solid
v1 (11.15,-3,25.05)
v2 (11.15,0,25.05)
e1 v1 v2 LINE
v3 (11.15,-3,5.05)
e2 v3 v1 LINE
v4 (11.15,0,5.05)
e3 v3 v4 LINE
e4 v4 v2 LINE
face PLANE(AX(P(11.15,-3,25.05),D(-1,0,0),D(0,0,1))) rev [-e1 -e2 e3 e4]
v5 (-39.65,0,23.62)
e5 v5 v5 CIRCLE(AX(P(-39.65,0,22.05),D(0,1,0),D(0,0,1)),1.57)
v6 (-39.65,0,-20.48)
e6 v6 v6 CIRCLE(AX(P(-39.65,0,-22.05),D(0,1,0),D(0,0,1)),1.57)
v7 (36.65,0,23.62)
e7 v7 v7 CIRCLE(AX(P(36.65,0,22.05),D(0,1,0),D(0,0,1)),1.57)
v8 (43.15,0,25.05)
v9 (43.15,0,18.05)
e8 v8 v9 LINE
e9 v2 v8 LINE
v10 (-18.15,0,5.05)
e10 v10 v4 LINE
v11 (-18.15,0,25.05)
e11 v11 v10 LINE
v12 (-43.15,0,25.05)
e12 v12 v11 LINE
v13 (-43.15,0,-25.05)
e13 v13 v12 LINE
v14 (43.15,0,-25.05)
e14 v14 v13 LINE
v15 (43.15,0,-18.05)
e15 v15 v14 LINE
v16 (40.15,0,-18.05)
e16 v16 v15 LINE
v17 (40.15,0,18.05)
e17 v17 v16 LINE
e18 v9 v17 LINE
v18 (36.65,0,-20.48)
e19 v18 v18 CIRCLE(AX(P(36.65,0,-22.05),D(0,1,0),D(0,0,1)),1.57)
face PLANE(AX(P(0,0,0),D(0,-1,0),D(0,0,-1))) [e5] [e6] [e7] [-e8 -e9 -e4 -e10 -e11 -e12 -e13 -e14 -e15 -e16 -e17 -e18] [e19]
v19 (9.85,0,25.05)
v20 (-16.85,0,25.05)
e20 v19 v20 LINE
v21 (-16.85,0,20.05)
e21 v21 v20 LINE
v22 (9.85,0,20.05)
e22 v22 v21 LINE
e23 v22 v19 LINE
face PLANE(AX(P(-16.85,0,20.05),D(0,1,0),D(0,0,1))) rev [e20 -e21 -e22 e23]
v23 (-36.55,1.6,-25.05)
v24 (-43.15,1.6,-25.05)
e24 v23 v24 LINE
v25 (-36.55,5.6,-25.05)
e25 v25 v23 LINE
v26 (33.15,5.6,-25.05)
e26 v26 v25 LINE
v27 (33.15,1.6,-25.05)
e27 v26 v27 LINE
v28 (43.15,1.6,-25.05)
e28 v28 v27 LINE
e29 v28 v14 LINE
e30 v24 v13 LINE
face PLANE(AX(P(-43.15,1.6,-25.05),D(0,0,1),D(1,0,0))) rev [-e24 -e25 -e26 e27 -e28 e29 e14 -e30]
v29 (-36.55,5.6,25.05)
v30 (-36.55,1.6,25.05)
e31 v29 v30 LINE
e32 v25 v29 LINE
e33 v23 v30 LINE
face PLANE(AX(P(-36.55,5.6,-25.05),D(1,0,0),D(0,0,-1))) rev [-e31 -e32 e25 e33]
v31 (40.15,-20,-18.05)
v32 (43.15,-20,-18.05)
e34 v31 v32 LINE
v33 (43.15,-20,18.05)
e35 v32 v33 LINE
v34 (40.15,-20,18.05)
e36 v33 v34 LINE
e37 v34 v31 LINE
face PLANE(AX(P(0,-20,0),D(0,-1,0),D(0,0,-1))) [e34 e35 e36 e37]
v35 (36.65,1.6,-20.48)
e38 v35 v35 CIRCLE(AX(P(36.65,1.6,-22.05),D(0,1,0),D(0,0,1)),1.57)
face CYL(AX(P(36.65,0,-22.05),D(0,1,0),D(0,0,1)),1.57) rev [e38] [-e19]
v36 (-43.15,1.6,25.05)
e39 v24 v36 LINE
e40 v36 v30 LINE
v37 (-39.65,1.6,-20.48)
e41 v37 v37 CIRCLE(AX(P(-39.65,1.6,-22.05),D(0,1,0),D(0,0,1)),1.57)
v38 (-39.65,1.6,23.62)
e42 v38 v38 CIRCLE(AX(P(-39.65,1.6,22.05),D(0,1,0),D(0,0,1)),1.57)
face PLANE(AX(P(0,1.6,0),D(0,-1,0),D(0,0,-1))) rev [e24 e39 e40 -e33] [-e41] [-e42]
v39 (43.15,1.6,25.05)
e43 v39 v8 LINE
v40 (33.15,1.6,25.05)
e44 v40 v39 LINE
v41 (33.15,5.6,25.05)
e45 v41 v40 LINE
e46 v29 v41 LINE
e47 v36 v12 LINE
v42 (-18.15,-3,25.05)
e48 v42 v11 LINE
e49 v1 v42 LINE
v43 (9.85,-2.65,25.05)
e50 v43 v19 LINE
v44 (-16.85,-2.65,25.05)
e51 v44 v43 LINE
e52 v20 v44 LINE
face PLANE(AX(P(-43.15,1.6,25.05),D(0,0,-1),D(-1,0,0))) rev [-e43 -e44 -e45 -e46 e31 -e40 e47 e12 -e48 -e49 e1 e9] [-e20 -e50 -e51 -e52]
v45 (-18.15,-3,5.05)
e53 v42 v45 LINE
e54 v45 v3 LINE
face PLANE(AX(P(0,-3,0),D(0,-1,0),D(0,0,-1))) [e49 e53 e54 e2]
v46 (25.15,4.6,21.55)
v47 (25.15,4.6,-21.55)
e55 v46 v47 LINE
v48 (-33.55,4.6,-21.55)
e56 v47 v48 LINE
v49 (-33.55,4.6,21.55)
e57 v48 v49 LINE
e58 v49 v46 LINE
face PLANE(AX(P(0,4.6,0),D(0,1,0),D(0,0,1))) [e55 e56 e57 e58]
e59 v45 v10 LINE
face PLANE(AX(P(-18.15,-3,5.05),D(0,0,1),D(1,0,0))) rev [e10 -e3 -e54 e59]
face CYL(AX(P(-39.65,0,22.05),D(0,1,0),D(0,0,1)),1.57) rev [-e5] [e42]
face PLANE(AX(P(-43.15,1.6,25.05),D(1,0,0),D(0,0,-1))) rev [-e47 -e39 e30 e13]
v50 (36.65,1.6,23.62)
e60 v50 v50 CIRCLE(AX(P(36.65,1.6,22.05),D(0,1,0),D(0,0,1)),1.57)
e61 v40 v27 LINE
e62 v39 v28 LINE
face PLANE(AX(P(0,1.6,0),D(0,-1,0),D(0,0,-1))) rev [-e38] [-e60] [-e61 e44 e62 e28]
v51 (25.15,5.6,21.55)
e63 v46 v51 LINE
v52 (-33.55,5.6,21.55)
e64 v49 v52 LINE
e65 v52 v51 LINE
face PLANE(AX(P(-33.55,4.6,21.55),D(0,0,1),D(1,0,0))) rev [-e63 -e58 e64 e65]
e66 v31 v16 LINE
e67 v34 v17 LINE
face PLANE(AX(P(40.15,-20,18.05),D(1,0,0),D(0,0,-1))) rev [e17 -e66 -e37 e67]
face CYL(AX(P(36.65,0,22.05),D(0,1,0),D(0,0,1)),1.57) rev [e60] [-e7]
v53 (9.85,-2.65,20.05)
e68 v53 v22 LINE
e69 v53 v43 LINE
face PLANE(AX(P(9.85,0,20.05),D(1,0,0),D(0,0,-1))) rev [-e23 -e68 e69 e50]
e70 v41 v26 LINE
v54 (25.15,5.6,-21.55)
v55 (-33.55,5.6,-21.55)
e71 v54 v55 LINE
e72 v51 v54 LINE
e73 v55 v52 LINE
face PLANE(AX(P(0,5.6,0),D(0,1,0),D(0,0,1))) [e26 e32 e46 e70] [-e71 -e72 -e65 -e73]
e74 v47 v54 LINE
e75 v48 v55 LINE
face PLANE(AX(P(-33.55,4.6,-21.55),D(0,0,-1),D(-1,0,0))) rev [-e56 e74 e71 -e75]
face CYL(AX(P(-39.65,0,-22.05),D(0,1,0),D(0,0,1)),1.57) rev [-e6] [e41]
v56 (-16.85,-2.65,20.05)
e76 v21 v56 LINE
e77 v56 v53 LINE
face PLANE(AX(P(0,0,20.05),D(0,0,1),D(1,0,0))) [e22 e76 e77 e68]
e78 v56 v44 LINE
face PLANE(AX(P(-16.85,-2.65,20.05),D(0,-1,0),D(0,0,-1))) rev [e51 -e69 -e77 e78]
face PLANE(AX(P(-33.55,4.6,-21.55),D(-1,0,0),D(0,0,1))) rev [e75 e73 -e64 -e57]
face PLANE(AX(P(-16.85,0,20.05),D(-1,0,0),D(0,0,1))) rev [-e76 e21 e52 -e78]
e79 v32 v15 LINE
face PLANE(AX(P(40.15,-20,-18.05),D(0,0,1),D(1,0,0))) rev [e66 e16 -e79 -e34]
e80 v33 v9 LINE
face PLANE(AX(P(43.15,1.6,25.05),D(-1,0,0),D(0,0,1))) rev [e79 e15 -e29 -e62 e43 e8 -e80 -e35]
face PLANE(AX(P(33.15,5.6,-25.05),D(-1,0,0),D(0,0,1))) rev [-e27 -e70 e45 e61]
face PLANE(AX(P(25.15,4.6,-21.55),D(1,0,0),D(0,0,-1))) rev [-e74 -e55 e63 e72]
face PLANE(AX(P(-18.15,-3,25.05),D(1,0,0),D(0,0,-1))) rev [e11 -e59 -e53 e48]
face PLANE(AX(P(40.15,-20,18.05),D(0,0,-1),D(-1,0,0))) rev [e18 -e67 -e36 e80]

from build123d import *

# Parameters (mm, degrees)
SKETCH1_W          = 86.3
SKETCH1_H          = 50.1
CIRCUIT_DEPTH      = 1.6
SKETCH2_R          = 1.57
SCREW_HOLES_DEPTH  = 50.919785657
SKETCH3_W          = 69.7
SKETCH3_H          = 50.1
LCD_DEPTH          = 4
SKETCH4_W          = 3
SKETCH4_H          = 36.1
PINS_DEPTH         = 20
SKETCH6_W          = 29.3
SKETCH6_H          = 20
SD_SLOT_DEPTH      = 3
SKETCH8_W          = 26.7
SKETCH8_H          = 2.65
CUT_EXTRUDE2_DEPTH = 5
SKETCH9_W          = 58.7
SKETCH9_H          = 43.1
CUT_EXTRUDE3_DEPTH = 1


with BuildPart() as part:
    # Sketch1 → CIRCUIT (new body)
    with BuildSketch(Plane(origin=(0, 0, 0), x_dir=(1, 0, 0), z_dir=(0, 1, 0))):
        Rectangle(SKETCH1_W, SKETCH1_H)
    extrude(amount=CIRCUIT_DEPTH)

    # Sketch2 → SCREW_HOLES (cut, through all)
    with BuildSketch(Plane(origin=(0, 1.6, 0), x_dir=(1, 0, 0), z_dir=(0, 1, 0))):
        with Locations(Location((-39.65, 22.05, 0), (0, 0, 270))):
            Circle(SKETCH2_R)
        with Locations(Location((-39.65, -22.05, 0), (0, 0, 270))):
            Circle(SKETCH2_R)
        with Locations(Location((36.65, 22.05, 0), (0, 0, 270))):
            Circle(SKETCH2_R)
        with Locations(Location((36.65, -22.05, 0), (0, 0, 270))):
            Circle(SKETCH2_R)
    extrude(amount=-SCREW_HOLES_DEPTH, mode=Mode.SUBTRACT)

    # Sketch3 → LCD (add)
    with BuildSketch(Plane(origin=(0, 1.6, 0), x_dir=(1, 0, 0), z_dir=(0, 1, 0))):
        with Locations((-1.7, 0)):
            Rectangle(SKETCH3_W, SKETCH3_H)
    extrude(amount=LCD_DEPTH)

    # Sketch4 → PINS (add)
    with BuildSketch(Plane.XZ):
        with Locations((41.65, 0)):
            Rectangle(SKETCH4_W, SKETCH4_H)
    extrude(amount=PINS_DEPTH)

    # Sketch6 → SD_SLOT (add)
    with BuildSketch(Plane.XZ):
        with Locations((-3.5, 15.05)):
            Rectangle(SKETCH6_W, SKETCH6_H)
    extrude(amount=SD_SLOT_DEPTH)

    # Sketch8 → Cut-Extrude2 (cut)
    with BuildSketch(Plane.XY.offset(25.05)):
        with Locations((-3.5, -1.325)):
            Rectangle(SKETCH8_W, SKETCH8_H)
    extrude(amount=-CUT_EXTRUDE2_DEPTH, mode=Mode.SUBTRACT)

    # Sketch9 → Cut-Extrude3 (cut)
    with BuildSketch(Plane(origin=(0, 5.6, 0), x_dir=(1, 0, 0), z_dir=(0, 1, 0))):
        with Locations((-4.2, 0)):
            Rectangle(SKETCH9_W, SKETCH9_H)
    extrude(amount=-CUT_EXTRUDE3_DEPTH, mode=Mode.SUBTRACT)


solid = part.part
